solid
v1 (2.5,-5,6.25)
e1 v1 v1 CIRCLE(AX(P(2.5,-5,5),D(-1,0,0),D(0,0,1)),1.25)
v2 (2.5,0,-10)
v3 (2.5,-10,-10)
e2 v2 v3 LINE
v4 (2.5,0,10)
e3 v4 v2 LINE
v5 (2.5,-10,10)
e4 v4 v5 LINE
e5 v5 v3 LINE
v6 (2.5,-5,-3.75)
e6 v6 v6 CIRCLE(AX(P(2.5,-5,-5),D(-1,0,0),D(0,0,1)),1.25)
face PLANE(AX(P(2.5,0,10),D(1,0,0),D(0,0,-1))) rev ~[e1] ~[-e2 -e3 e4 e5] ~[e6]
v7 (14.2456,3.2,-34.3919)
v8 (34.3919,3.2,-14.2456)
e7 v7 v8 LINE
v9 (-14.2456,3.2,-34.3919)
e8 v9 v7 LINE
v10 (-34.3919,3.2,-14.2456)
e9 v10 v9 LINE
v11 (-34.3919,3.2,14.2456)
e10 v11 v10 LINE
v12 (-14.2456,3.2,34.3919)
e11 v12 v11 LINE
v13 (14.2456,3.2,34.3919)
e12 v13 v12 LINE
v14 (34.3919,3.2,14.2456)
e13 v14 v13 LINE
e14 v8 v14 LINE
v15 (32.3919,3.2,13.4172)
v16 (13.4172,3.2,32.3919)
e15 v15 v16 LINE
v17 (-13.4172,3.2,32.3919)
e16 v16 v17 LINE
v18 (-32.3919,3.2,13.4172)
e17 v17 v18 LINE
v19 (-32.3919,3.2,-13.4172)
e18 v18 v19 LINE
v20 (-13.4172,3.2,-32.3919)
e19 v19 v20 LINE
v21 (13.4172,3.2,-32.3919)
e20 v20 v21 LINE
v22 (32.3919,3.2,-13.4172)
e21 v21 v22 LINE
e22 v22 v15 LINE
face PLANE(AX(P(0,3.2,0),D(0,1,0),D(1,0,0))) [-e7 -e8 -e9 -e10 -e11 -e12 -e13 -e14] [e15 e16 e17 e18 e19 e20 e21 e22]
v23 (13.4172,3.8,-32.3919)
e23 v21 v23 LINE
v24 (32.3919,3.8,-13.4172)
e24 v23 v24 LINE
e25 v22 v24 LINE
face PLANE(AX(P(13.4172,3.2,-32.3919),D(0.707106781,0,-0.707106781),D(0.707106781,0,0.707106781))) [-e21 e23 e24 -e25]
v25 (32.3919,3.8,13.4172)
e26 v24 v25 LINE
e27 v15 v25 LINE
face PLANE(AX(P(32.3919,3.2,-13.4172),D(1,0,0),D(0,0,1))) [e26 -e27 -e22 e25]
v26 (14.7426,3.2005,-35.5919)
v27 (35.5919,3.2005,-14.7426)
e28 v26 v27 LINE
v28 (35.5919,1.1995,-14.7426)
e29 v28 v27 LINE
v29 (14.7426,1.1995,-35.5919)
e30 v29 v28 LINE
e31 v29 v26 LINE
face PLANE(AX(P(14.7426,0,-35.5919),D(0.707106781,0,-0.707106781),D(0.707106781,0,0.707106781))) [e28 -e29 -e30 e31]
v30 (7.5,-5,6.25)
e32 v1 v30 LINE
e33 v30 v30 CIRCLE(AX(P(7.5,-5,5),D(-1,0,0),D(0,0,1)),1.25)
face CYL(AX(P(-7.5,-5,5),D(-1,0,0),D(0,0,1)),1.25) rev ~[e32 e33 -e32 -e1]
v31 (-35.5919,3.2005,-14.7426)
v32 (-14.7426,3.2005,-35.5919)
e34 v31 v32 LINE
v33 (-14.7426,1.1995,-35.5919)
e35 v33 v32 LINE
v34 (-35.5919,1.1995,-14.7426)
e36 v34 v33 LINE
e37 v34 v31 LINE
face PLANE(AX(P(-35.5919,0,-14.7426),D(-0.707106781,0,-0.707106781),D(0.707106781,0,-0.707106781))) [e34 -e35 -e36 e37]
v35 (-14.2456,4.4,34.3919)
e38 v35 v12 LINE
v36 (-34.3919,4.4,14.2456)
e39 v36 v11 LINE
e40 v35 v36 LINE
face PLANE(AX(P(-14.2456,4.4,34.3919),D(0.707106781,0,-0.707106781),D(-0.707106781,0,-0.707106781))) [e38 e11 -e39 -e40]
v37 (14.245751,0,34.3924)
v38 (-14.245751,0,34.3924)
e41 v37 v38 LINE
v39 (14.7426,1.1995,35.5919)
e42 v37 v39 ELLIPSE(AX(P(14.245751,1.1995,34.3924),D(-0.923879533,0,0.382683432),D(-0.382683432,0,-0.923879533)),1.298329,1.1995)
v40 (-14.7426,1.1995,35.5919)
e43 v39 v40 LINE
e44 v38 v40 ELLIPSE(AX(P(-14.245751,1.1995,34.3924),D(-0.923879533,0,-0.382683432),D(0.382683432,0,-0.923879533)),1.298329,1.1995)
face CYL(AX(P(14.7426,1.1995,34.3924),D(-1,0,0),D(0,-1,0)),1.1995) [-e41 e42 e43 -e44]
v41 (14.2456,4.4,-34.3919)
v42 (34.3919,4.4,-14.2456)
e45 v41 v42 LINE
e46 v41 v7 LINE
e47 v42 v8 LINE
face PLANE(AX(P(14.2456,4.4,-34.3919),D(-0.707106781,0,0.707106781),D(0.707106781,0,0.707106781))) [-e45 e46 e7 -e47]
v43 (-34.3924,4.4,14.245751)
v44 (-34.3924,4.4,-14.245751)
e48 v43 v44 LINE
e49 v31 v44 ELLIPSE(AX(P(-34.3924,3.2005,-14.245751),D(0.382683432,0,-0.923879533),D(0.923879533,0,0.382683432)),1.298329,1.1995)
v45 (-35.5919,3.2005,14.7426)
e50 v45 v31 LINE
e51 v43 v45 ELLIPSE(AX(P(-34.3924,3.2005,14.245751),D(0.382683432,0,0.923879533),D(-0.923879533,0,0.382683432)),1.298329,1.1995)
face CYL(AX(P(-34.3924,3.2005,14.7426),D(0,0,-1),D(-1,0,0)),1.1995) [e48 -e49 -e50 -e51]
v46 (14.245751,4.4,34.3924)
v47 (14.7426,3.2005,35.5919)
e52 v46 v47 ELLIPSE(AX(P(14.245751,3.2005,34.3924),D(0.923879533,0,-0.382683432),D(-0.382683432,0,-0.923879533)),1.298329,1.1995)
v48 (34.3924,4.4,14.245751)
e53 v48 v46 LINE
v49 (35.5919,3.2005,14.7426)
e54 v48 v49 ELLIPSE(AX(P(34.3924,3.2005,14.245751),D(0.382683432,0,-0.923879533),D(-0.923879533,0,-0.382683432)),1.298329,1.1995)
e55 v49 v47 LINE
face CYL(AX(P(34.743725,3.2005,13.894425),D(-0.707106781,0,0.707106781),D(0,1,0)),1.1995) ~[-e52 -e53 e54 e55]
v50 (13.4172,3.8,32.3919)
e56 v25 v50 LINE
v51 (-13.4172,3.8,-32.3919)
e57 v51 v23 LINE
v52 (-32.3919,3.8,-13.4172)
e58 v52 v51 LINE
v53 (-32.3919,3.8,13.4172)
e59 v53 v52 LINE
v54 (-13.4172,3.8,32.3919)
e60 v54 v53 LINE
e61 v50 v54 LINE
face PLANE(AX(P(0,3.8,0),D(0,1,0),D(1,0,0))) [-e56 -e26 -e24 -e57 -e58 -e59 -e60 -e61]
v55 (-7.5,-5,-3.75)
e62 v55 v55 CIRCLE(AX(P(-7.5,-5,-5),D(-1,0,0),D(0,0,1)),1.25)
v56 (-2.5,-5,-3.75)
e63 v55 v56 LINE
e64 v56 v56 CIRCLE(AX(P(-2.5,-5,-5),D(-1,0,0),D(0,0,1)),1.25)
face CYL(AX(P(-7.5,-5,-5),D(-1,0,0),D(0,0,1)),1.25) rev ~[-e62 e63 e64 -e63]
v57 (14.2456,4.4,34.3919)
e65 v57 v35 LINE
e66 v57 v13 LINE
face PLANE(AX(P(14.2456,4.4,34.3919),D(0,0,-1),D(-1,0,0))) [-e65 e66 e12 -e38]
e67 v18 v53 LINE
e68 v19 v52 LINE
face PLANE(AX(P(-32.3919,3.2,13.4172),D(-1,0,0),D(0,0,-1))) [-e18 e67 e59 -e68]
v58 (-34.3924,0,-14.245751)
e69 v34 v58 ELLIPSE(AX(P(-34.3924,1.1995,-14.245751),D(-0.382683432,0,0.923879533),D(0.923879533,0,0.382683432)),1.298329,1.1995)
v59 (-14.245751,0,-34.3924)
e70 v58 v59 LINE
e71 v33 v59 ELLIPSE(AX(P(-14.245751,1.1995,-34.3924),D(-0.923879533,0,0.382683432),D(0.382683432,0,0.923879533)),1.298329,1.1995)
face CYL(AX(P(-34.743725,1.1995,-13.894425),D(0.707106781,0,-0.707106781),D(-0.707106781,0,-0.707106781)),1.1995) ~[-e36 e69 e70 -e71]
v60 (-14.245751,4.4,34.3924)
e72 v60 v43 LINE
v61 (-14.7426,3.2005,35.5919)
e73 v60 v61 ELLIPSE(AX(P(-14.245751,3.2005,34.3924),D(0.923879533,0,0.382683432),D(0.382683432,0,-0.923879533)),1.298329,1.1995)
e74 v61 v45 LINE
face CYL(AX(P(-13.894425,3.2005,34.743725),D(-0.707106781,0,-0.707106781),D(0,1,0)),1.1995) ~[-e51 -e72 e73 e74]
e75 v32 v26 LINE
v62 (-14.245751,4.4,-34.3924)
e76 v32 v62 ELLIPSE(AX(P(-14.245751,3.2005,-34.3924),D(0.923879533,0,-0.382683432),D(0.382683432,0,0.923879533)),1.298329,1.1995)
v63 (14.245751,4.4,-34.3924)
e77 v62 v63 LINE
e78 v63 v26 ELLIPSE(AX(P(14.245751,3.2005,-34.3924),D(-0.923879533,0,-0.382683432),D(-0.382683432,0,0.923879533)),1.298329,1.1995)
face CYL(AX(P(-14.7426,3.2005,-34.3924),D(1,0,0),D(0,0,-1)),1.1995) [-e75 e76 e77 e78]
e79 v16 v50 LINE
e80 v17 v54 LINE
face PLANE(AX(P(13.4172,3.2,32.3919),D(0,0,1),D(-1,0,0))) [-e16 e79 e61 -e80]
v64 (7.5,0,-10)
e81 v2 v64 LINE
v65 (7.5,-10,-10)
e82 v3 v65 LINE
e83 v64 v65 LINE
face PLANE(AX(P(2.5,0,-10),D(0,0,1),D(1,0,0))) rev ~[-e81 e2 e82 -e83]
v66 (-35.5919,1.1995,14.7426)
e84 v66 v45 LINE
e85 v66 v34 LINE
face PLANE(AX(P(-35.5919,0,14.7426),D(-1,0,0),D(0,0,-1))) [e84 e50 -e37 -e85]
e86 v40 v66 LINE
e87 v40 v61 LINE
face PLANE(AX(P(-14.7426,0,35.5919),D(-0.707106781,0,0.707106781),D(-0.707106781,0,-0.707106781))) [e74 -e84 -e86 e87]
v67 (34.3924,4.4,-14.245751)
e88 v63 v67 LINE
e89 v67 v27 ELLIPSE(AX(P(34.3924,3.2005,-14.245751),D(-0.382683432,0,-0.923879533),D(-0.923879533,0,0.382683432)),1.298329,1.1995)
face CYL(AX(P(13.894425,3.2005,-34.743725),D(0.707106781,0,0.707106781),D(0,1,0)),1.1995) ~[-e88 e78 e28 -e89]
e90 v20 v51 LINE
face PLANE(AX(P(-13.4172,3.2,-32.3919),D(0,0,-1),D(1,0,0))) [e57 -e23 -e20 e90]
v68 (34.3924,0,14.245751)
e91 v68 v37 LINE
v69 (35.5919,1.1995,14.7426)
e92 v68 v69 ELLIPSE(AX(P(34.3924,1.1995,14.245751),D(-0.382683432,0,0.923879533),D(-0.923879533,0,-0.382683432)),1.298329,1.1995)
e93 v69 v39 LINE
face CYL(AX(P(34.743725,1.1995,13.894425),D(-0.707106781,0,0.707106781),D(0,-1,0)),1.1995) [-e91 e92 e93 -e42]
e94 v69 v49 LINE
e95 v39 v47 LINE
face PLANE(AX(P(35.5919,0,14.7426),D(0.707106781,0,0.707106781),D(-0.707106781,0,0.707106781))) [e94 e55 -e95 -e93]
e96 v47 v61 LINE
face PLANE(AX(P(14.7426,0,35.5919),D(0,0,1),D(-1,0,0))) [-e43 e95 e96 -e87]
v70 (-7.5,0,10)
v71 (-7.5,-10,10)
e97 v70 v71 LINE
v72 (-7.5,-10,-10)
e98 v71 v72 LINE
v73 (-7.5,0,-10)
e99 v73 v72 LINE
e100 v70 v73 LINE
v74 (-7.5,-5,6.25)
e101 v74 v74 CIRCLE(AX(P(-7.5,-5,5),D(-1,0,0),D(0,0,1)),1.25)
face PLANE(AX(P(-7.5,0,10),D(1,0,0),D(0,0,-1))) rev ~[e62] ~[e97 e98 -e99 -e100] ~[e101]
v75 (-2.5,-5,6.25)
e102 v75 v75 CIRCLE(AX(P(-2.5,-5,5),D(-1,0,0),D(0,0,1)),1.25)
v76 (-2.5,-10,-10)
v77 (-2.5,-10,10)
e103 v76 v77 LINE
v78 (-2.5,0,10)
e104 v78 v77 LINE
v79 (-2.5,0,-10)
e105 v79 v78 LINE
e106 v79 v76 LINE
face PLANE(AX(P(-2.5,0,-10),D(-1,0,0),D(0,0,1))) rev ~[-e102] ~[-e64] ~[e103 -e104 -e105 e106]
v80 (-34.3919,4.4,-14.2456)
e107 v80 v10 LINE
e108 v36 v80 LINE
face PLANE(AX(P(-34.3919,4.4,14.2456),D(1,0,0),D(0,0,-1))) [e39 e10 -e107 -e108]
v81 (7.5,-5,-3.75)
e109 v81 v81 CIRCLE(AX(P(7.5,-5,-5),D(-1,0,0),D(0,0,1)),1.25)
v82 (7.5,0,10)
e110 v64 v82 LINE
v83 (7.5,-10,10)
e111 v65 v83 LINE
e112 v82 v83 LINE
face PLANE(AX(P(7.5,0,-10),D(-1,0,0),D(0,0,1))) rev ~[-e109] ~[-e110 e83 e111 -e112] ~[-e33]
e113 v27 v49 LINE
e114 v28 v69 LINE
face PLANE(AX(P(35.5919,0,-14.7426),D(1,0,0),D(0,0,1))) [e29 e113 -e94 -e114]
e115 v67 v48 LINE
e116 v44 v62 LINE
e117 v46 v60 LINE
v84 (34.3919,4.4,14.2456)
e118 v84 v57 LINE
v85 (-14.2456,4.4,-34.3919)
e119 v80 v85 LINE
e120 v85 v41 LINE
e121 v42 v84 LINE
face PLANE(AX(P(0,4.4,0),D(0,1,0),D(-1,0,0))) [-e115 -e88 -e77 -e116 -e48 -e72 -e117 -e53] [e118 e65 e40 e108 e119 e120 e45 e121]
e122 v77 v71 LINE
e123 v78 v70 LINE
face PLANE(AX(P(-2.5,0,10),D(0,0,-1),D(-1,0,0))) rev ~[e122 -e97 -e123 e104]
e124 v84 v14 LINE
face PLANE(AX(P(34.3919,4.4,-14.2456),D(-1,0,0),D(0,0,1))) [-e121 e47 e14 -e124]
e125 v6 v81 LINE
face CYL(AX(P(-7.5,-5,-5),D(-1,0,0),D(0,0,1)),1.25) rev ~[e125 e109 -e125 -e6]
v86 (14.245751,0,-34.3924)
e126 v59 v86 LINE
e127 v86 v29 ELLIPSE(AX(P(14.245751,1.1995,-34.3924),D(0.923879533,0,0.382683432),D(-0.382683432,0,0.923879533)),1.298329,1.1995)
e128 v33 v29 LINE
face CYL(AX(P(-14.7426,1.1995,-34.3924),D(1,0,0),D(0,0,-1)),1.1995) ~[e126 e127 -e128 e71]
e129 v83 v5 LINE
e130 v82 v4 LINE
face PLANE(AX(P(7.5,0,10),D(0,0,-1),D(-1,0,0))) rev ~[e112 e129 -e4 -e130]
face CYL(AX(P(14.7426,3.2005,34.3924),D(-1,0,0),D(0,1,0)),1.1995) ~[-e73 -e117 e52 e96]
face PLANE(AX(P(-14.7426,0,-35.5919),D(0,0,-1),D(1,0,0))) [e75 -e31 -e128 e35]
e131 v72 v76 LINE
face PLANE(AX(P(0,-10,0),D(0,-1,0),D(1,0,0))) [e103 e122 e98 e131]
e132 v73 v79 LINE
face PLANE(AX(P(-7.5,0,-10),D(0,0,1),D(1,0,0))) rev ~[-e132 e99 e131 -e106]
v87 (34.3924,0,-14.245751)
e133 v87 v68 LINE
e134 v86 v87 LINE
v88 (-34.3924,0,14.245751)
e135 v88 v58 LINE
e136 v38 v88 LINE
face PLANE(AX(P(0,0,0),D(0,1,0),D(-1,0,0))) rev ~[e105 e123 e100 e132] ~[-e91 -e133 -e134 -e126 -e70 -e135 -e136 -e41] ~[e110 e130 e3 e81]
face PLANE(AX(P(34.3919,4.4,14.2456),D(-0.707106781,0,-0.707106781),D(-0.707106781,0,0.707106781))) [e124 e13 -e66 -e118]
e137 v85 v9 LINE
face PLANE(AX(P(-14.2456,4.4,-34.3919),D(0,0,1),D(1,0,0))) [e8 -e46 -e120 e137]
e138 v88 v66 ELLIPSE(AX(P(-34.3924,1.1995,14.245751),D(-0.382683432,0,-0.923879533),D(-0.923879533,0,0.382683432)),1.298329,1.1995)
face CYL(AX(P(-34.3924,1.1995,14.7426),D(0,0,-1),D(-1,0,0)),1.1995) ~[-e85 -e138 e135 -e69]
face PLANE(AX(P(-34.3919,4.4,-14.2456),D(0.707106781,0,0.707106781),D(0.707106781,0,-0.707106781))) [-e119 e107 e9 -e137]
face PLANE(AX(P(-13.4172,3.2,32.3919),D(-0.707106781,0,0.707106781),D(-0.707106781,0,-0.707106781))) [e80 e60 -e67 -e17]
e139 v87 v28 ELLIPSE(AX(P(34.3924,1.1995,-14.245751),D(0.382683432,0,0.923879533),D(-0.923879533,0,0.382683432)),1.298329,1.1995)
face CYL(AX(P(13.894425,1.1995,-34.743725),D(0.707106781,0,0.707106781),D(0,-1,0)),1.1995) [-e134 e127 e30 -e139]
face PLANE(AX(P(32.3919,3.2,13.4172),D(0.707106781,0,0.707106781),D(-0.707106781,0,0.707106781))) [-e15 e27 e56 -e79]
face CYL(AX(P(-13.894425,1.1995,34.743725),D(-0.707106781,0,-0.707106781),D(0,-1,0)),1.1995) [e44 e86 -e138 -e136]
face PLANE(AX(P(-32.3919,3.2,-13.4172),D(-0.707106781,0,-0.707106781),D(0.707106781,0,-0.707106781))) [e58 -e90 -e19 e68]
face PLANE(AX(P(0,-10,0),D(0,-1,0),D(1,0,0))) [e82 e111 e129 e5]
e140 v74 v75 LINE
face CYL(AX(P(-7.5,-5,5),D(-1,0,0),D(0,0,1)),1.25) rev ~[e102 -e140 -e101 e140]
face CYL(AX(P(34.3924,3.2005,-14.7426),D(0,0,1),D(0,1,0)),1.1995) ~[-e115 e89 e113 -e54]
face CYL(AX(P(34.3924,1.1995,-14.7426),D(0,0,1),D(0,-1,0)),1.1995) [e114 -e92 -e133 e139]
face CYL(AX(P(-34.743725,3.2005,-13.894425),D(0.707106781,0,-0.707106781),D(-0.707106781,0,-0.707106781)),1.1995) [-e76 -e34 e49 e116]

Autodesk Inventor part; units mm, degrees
ref_plane "YZ Plane" through (0, 0, 0) normal (1, 0, 0) x (0, 1, 0)
ref_plane "XZ Plane" through (0, 0, 0) normal (0, 1, 0) x (-1, 0, 0)
ref_plane "XY Plane" through (0, 0, 0) normal (0, 0, 1) x (1, 0, 0)
sketch "스케치3" plane through (0, 0, 0) normal (0, 1, 0) x (-1, 0, 0)
  line L0 (35.5919, -14.7426) -> (14.7426, -35.5919)
  line L1 (14.7426, -35.5919) -> (-14.7426, -35.5919)
  line L2 (-14.7426, -35.5919) -> (-35.5919, -14.7426)
  line L3 (-35.5919, -14.7426) -> (-35.5919, 14.7426)
  line L4 (-35.5919, 14.7426) -> (-14.7426, 35.5919)
  line L5 (-14.7426, 35.5919) -> (14.7426, 35.5919)
  line L6 (14.7426, 35.5919) -> (35.5919, 14.7426)
  line L7 (35.5919, 14.7426) -> (35.5919, -14.7426)
  line L8 (13.5, -32.5919) -> (-13.5, -32.5919)
  line L9 (-13.5, -32.5919) -> (-32.5919, -13.5)
  line L10 (-32.5919, -13.5) -> (-32.5919, 13.5)
  line L11 (-32.5919, 13.5) -> (-13.5, 32.5919)
  line L12 (-13.5, 32.5919) -> (13.5, 32.5919)
  line L13 (13.5, 32.5919) -> (32.5919, 13.5)
  line L14 (32.5919, 13.5) -> (32.5919, -13.5)
  line L15 (32.5919, -13.5) -> (13.5, -32.5919)
  point P0 (0, 0)
  point P1 (0, 0)
  point P2 (0, 0)
  point P3 (0, 0)
  dimension "d66" = 27
  dimension "d67" = 3
extrude "돌출2" add sketch "스케치3" along normal blind 4.4 contours L0 L1 L2 L3 L4 L5 L6 L7 | L8 L9 L10 L11 L12 L13 L14 L15
sketch "스케치4" plane through (0, 4.4, 0) normal (0, 1, 0) x (1, 0, 0)
  line L0 (13.5, -32.5919) -> (-13.5, -32.5919)
  line L1 (-13.5, -32.5919) -> (-32.5919, -13.5)
  line L2 (-32.5919, -13.5) -> (-32.5919, 13.5)
  line L3 (-32.5919, 13.5) -> (-13.5, 32.5919)
  line L4 (-13.5, 32.5919) -> (13.5, 32.5919)
  line L5 (13.5, 32.5919) -> (32.5919, 13.5)
  line L6 (32.5919, 13.5) -> (32.5919, -13.5)
  line L7 (32.5919, -13.5) -> (13.5, -32.5919)
  line L8 (-14.2456, 34.3919) -> (14.2456, 34.3919)
  line L9 (14.2456, 34.3919) -> (34.3919, 14.2456)
  line L10 (34.3919, 14.2456) -> (34.3919, -14.2456)
  line L11 (34.3919, -14.2456) -> (14.2456, -34.3919)
  line L12 (14.2456, -34.3919) -> (-14.2456, -34.3919)
  line L13 (-14.2456, -34.3919) -> (-34.3919, -14.2456)
  line L14 (-34.3919, -14.2456) -> (-34.3919, 14.2456)
  line L15 (-34.3919, 14.2456) -> (-14.2456, 34.3919)
  line L16 (-13.4172, 32.3919) -> (13.4172, 32.3919)
  line L17 (13.4172, 32.3919) -> (32.3919, 13.4172)
  line L18 (32.3919, 13.4172) -> (32.3919, -13.4172)
  line L19 (32.3919, -13.4172) -> (13.4172, -32.3919)
  line L20 (13.4172, -32.3919) -> (-13.4172, -32.3919)
  line L21 (-13.4172, -32.3919) -> (-32.3919, -13.4172)
  line L22 (-32.3919, -13.4172) -> (-32.3919, 13.4172)
  line L23 (-32.3919, 13.4172) -> (-13.4172, 32.3919)
  point P0 (0, 0)
  point P1 (0, 0)
  point P2 (0, 0)
  point P3 (0, 0)
  dimension "d7" = 27
  dimension "d68" = 1.8
  dimension "d69" = 0.2
extrude "돌출3" cut sketch "스케치4" against normal blind 1.2 contours L0 L1 L2 L3 L4 L5 L6 L7 | L8 L9 L10 L11 L12 L13 L14 L15 | L16 L17 L18 L19 L20 L21 L22 L23
sketch "스케치9" plane through (0, 0, 0) normal (0, -1, 0) x (1, 0, 0)
  line L0 (7.5, 10) -> (2.5, 10)
  line L1 (2.5, 10) -> (2.5, -10)
  line L2 (2.5, -10) -> (7.5, -10)
  line L3 (7.5, -10) -> (7.5, 10)
  line L4 (7.5, 10) -> (2.5, -10) construction
  line L5 (2.5, 10) -> (7.5, -10) construction
  line L6 (-2.5, 10) -> (-7.5, 10)
  line L7 (-7.5, 10) -> (-7.5, -10)
  line L8 (-7.5, -10) -> (-2.5, -10)
  line L9 (-2.5, 10) -> (-7.5, -10) construction
  line L10 (-7.5, 10) -> (-2.5, -10) construction
  line L11 (-2.5, -10) -> (-2.5, 10)
  point P0 (0, 0)
  point P1 (5, 0)
  point P2 (-5, 0)
  dimension "d42" = 20
  dimension "d43" = 5
  dimension "d44" = 2.5
  dimension "d47" = 10
extrude "돌출8" add sketch "스케치9" along normal blind 10
sketch "스케치10" plane through (-7.5, 0, -10) normal (-1, 0, 0) x (0, 0, 1)
  circle A0 centre (15, -5) radius 1.25
  line L0 (19.9591, 0) -> (0.0886, 0)
  line L1 (24.7426, 0) -> (-4.7426, 0) projected
  circle A1 centre (5, -5) radius 1.25
  line L2 (20, 0) -> (20, -10) projected
  point P0 (10, 0)
  dimension "d54" = 2.5
  dimension "d57" = 10
  dimension "d62" = 5
  dimension "d63" = 5
extrude "돌출9" cut sketch "스케치10" against normal blind 20
sketch "스케치11" plane through (0, 3.2, 0) normal (0, 1, 0) x (1, 0, 0)
  line L0 (-13.4172, 32.3919) -> (13.4172, 32.3919)
  line L1 (13.4172, 32.3919) -> (32.3919, 13.4172)
  line L2 (32.3919, 13.4172) -> (32.3919, -13.4172)
  line L3 (32.3919, -13.4172) -> (13.4172, -32.3919)
  line L4 (13.4172, -32.3919) -> (-13.4172, -32.3919)
  line L5 (-13.4172, -32.3919) -> (-32.3919, -13.4172)
  line L6 (-32.3919, -13.4172) -> (-32.3919, 13.4172)
  line L7 (-32.3919, 13.4172) -> (-13.4172, 32.3919)
  line L8 (-14.2456, 34.3919) -> (14.2456, 34.3919) projected
  line L9 (-12.1745, 29.3919) -> (12.1745, 29.3919)
  line L10 (12.1745, 29.3919) -> (29.3919, 12.1745)
  line L11 (29.3919, 12.1745) -> (29.3919, -12.1745)
  line L12 (29.3919, -12.1745) -> (12.1745, -29.3919)
  line L13 (12.1745, -29.3919) -> (-12.1745, -29.3919)
  line L14 (-12.1745, -29.3919) -> (-29.3919, -12.1745)
  line L15 (-29.3919, -12.1745) -> (-29.3919, 12.1745)
  line L16 (-29.3919, 12.1745) -> (-12.1745, 29.3919)
  point P0 (0, 0)
  point P1 (0, 0)
  point P2 (0, 0)
  dimension "d70" = 2
  dimension "d71" = 3
extrude "돌출10" add sketch "스케치11" along normal blind 0.6 contours L0 L1 L2 L3 L4 L5 L6 L7 | L9 L10 L11 L12 L13 L14 L15 L16
fillet "모깎기1" radius 1.2 16 edges at (-25.1673, 4.4, 25.1673) (0, 4.4, 35.5919) (25.1673, 4.4, 25.1673) (35.5919, 4.4, 0) (25.1673, 4.4, -25.1673) (0, 4.4, -35.5919) (-25.1673, 4.4, -25.1673) (-35.5919, 4.4, 0) (-25.1673, 0, 25.1673) (0, 0, 35.5919) (25.1673, 0, 25.1673) (35.5919, 0, 0) (25.1673, 0, -25.1673) (0, 0, -35.5919) (-25.1673, 0, -25.1673) (-35.5919, 0, 0)
properties part number "OV-PAM_bottom_2"
